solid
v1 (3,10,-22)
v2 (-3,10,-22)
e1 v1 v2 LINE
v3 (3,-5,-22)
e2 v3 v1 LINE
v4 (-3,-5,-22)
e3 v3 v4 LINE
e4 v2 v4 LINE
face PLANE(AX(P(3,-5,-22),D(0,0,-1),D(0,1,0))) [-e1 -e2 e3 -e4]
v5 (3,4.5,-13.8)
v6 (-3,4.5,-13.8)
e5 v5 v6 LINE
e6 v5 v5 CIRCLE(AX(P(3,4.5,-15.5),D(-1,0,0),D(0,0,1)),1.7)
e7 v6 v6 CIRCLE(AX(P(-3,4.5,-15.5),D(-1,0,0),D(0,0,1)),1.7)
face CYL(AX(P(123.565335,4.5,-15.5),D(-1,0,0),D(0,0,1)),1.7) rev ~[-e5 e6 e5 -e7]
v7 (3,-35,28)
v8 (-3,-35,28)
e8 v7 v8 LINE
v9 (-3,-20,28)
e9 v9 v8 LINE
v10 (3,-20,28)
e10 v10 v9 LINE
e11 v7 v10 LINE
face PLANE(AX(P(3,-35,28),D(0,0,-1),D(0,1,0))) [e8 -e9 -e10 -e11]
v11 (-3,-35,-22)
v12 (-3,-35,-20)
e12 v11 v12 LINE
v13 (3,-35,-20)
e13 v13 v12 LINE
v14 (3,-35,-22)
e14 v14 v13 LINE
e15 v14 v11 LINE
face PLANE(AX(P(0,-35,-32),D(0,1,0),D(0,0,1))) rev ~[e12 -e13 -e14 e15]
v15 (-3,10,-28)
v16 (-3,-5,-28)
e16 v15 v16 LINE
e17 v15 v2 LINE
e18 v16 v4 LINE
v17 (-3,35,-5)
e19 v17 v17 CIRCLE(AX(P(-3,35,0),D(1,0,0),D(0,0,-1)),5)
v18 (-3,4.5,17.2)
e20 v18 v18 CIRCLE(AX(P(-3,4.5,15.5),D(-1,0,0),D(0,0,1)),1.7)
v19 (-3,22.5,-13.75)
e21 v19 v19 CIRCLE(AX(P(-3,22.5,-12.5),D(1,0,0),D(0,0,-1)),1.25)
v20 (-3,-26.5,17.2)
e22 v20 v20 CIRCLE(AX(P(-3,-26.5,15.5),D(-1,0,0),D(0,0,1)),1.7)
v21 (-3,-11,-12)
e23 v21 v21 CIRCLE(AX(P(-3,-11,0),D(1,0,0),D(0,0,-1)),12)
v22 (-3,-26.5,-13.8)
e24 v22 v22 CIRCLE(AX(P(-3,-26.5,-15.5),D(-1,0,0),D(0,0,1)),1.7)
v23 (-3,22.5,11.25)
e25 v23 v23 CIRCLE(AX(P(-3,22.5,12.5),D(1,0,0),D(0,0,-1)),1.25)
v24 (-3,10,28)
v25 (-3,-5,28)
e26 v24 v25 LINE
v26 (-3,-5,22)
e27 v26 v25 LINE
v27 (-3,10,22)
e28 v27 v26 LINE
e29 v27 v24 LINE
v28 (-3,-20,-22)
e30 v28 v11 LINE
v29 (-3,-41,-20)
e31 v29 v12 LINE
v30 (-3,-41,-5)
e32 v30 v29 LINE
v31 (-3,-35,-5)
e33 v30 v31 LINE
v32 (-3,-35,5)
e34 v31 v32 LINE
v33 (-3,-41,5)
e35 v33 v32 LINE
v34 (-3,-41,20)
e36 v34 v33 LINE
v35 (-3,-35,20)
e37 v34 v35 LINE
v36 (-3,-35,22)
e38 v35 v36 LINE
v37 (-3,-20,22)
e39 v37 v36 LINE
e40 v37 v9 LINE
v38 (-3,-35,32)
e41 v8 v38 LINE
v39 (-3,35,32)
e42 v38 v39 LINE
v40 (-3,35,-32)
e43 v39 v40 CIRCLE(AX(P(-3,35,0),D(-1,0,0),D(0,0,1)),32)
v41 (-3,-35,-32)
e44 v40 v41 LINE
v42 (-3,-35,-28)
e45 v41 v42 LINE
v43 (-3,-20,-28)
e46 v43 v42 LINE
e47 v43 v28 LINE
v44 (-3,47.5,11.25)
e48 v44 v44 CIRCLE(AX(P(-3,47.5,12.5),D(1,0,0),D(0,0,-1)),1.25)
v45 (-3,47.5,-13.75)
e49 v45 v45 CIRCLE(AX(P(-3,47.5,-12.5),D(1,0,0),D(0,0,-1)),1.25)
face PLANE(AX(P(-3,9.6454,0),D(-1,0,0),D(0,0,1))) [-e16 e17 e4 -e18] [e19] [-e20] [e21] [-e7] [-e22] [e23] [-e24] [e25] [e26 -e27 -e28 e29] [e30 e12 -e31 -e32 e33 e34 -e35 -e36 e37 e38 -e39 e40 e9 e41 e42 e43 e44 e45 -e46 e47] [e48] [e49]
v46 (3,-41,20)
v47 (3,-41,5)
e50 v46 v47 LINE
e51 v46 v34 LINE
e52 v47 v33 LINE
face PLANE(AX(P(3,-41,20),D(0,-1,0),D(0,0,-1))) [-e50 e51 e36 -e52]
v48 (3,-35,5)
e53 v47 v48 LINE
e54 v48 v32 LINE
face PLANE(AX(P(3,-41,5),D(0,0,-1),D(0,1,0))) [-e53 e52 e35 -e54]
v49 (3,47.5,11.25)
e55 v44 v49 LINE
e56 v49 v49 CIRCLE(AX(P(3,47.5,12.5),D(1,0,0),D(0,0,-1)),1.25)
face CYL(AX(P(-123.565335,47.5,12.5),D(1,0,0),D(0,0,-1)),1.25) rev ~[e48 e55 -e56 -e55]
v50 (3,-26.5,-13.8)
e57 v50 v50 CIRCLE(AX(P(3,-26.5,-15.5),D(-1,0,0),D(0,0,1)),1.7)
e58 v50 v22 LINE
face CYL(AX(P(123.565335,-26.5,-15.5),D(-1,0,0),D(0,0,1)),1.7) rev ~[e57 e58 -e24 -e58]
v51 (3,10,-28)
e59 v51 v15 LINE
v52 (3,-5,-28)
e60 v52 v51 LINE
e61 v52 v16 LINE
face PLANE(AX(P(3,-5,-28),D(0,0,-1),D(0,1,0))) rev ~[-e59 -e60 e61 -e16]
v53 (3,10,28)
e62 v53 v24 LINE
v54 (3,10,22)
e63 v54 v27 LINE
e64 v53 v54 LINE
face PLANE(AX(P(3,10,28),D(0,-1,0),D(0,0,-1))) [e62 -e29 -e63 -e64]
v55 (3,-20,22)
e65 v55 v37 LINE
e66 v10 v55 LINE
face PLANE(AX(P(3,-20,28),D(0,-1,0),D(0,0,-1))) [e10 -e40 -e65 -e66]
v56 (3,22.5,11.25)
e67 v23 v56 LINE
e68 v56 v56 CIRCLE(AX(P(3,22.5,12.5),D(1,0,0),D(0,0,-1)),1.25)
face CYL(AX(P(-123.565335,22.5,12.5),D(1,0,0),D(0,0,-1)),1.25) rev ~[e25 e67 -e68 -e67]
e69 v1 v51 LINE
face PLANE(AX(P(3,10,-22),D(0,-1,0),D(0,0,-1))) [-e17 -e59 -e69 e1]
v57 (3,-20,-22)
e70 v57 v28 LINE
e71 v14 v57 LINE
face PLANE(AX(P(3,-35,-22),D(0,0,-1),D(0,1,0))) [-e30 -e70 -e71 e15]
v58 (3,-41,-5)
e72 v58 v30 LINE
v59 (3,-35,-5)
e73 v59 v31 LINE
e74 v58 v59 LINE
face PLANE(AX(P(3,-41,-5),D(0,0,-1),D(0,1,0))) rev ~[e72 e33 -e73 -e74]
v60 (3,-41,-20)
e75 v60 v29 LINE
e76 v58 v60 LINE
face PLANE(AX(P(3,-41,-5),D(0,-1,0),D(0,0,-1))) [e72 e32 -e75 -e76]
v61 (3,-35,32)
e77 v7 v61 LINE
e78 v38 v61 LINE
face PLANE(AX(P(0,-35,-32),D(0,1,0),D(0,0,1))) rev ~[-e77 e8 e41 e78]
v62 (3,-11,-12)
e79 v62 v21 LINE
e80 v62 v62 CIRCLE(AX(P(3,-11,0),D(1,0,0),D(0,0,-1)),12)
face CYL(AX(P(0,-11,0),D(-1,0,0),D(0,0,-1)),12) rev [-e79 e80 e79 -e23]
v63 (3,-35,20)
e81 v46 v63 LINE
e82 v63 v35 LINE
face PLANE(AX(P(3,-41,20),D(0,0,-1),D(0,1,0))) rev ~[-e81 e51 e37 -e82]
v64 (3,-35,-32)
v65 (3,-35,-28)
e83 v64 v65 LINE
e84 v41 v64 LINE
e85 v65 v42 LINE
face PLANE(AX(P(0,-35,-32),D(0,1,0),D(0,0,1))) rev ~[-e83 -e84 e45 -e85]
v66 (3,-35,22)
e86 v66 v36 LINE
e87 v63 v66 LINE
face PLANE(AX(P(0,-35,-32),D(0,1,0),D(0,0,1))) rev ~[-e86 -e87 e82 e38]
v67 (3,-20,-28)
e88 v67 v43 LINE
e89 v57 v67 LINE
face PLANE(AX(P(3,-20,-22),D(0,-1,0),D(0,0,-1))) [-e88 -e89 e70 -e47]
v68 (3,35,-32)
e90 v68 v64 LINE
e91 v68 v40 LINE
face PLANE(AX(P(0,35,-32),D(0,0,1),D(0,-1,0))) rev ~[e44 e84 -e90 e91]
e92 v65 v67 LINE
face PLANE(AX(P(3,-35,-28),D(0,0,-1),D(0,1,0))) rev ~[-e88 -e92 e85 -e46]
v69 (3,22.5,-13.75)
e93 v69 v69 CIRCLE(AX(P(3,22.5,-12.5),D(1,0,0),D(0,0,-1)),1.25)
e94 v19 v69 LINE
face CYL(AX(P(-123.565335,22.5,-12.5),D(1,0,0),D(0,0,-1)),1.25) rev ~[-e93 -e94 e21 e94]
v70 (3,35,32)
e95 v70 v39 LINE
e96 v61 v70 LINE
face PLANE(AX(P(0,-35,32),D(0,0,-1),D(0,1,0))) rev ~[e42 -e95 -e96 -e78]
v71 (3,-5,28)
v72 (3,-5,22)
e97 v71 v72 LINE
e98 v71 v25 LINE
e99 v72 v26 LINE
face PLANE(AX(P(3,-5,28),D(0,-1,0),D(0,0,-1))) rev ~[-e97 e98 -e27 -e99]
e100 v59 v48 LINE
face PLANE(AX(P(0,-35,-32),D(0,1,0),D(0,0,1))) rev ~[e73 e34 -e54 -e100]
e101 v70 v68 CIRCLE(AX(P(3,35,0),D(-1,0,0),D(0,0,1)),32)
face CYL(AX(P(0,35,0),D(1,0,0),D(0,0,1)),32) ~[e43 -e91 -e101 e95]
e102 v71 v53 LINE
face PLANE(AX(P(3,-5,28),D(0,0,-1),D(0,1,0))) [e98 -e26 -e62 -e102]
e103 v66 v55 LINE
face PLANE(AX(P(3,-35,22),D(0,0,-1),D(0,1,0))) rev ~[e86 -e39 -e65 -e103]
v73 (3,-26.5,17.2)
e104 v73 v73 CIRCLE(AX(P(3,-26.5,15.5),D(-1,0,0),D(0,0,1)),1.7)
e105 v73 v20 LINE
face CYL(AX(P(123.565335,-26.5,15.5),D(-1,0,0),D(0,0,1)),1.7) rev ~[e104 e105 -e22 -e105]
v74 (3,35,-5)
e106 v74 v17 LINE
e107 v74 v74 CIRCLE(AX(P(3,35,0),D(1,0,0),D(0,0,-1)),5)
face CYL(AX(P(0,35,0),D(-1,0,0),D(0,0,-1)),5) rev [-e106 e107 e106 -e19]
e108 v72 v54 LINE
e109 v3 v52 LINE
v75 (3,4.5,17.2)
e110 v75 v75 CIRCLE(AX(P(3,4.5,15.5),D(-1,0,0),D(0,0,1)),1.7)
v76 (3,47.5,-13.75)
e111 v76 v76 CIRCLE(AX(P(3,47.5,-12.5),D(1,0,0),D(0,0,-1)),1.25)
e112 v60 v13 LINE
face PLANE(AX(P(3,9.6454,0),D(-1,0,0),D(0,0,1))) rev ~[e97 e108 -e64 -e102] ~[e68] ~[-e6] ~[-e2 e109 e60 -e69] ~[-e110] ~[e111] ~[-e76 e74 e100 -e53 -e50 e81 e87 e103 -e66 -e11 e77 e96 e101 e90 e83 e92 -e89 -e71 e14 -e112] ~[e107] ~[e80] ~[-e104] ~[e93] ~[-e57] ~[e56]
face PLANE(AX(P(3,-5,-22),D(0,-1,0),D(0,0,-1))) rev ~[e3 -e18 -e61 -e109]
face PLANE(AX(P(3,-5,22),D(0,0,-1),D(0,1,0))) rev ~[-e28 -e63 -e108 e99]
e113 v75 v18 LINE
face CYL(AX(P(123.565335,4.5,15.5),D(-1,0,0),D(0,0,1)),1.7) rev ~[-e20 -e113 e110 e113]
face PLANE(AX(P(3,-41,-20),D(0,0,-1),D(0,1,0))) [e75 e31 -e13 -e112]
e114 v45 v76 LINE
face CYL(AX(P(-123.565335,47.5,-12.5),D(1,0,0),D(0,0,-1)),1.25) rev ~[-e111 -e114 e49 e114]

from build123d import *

# Parameters (mm, degrees)
CROQUIS1_R                   = 5
CROQUIS1_R_2                 = 12
SALIENTE_EXTRUIR1_DEPTH      = 3
TALADRO_DE_MARGEN_PARA_M32_D = 3.4
TALADRO_ROSCADO_M3X0_51_D    = 2.5
CROQUIS8_W                   = 6
CROQUIS8_H                   = 15
CORTAR_EXTRUIR1_DEPTH        = 75.491610266
CROQUIS9_W                   = 15
CROQUIS9_H                   = 6
SALIENTE_EXTRUIR3_DEPTH      = 6


with BuildPart() as part:
    # Croquis1 → Saliente-Extruir1 (new, symmetric)
    with BuildSketch(Plane(origin=(0, 0, 0), x_dir=(0, 0, -1), z_dir=(1, 0, 0))):
        with BuildLine():
            Line((-32, -35), (-32, 35))
            ThreePointArc((-32, 35), (0, 67), (32, 35))
            Line((32, 35), (32, -35))
            Line((32, -35), (-32, -35))
        make_face()
        with Locations((0, 35)):
            Circle(CROQUIS1_R, mode=Mode.SUBTRACT)
        with Locations((0, -11)):
            Circle(CROQUIS1_R_2, mode=Mode.SUBTRACT)
    extrude(amount=SALIENTE_EXTRUIR1_DEPTH, both=True)

    # Taladro de margen para M32 (through all)
    with Locations(Plane(origin=(3, 0, 0), x_dir=(0, 0, -1), z_dir=(1, 0, 0))):
        with Locations((-15.5, 4.5), (-15.5, -26.5), (15.5, -26.5), (15.5, 4.5)):
            Hole(TALADRO_DE_MARGEN_PARA_M32_D / 2)

    # Taladro roscado M3x0.51 (through all)
    with Locations(Plane.ZY.offset(3)):
        with Locations((-12.5, 22.5), (-12.5, 47.5), (12.5, 47.5), (12.5, 22.5)):
            Hole(TALADRO_ROSCADO_M3X0_51_D / 2)

    # Croquis8 → Cortar-Extruir1 (cut, through all)
    with BuildSketch(Plane(origin=(3, 0, 0), x_dir=(0, 0, -1), z_dir=(1, 0, 0))):
        with Locations((-25, 2.5)):
            Rectangle(CROQUIS8_W, CROQUIS8_H)
        with Locations((-25, -27.5)):
            Rectangle(CROQUIS8_W, CROQUIS8_H)
        with Locations((25, -27.5)):
            Rectangle(CROQUIS8_W, CROQUIS8_H)
        with Locations((25, 2.5)):
            Rectangle(CROQUIS8_W, CROQUIS8_H)
    extrude(amount=-CORTAR_EXTRUIR1_DEPTH, mode=Mode.SUBTRACT)

    # Croquis9 → Saliente-Extruir3 (add, through all)
    with BuildSketch(Plane(origin=(3, 0, 0), x_dir=(0, 0, -1), z_dir=(1, 0, 0))):
        with Locations((-12.5, -38)):
            Rectangle(CROQUIS9_W, CROQUIS9_H)
        with Locations((12.5, -38)):
            Rectangle(CROQUIS9_W, CROQUIS9_H)
    extrude(amount=-SALIENTE_EXTRUIR3_DEPTH)


solid = part.part
